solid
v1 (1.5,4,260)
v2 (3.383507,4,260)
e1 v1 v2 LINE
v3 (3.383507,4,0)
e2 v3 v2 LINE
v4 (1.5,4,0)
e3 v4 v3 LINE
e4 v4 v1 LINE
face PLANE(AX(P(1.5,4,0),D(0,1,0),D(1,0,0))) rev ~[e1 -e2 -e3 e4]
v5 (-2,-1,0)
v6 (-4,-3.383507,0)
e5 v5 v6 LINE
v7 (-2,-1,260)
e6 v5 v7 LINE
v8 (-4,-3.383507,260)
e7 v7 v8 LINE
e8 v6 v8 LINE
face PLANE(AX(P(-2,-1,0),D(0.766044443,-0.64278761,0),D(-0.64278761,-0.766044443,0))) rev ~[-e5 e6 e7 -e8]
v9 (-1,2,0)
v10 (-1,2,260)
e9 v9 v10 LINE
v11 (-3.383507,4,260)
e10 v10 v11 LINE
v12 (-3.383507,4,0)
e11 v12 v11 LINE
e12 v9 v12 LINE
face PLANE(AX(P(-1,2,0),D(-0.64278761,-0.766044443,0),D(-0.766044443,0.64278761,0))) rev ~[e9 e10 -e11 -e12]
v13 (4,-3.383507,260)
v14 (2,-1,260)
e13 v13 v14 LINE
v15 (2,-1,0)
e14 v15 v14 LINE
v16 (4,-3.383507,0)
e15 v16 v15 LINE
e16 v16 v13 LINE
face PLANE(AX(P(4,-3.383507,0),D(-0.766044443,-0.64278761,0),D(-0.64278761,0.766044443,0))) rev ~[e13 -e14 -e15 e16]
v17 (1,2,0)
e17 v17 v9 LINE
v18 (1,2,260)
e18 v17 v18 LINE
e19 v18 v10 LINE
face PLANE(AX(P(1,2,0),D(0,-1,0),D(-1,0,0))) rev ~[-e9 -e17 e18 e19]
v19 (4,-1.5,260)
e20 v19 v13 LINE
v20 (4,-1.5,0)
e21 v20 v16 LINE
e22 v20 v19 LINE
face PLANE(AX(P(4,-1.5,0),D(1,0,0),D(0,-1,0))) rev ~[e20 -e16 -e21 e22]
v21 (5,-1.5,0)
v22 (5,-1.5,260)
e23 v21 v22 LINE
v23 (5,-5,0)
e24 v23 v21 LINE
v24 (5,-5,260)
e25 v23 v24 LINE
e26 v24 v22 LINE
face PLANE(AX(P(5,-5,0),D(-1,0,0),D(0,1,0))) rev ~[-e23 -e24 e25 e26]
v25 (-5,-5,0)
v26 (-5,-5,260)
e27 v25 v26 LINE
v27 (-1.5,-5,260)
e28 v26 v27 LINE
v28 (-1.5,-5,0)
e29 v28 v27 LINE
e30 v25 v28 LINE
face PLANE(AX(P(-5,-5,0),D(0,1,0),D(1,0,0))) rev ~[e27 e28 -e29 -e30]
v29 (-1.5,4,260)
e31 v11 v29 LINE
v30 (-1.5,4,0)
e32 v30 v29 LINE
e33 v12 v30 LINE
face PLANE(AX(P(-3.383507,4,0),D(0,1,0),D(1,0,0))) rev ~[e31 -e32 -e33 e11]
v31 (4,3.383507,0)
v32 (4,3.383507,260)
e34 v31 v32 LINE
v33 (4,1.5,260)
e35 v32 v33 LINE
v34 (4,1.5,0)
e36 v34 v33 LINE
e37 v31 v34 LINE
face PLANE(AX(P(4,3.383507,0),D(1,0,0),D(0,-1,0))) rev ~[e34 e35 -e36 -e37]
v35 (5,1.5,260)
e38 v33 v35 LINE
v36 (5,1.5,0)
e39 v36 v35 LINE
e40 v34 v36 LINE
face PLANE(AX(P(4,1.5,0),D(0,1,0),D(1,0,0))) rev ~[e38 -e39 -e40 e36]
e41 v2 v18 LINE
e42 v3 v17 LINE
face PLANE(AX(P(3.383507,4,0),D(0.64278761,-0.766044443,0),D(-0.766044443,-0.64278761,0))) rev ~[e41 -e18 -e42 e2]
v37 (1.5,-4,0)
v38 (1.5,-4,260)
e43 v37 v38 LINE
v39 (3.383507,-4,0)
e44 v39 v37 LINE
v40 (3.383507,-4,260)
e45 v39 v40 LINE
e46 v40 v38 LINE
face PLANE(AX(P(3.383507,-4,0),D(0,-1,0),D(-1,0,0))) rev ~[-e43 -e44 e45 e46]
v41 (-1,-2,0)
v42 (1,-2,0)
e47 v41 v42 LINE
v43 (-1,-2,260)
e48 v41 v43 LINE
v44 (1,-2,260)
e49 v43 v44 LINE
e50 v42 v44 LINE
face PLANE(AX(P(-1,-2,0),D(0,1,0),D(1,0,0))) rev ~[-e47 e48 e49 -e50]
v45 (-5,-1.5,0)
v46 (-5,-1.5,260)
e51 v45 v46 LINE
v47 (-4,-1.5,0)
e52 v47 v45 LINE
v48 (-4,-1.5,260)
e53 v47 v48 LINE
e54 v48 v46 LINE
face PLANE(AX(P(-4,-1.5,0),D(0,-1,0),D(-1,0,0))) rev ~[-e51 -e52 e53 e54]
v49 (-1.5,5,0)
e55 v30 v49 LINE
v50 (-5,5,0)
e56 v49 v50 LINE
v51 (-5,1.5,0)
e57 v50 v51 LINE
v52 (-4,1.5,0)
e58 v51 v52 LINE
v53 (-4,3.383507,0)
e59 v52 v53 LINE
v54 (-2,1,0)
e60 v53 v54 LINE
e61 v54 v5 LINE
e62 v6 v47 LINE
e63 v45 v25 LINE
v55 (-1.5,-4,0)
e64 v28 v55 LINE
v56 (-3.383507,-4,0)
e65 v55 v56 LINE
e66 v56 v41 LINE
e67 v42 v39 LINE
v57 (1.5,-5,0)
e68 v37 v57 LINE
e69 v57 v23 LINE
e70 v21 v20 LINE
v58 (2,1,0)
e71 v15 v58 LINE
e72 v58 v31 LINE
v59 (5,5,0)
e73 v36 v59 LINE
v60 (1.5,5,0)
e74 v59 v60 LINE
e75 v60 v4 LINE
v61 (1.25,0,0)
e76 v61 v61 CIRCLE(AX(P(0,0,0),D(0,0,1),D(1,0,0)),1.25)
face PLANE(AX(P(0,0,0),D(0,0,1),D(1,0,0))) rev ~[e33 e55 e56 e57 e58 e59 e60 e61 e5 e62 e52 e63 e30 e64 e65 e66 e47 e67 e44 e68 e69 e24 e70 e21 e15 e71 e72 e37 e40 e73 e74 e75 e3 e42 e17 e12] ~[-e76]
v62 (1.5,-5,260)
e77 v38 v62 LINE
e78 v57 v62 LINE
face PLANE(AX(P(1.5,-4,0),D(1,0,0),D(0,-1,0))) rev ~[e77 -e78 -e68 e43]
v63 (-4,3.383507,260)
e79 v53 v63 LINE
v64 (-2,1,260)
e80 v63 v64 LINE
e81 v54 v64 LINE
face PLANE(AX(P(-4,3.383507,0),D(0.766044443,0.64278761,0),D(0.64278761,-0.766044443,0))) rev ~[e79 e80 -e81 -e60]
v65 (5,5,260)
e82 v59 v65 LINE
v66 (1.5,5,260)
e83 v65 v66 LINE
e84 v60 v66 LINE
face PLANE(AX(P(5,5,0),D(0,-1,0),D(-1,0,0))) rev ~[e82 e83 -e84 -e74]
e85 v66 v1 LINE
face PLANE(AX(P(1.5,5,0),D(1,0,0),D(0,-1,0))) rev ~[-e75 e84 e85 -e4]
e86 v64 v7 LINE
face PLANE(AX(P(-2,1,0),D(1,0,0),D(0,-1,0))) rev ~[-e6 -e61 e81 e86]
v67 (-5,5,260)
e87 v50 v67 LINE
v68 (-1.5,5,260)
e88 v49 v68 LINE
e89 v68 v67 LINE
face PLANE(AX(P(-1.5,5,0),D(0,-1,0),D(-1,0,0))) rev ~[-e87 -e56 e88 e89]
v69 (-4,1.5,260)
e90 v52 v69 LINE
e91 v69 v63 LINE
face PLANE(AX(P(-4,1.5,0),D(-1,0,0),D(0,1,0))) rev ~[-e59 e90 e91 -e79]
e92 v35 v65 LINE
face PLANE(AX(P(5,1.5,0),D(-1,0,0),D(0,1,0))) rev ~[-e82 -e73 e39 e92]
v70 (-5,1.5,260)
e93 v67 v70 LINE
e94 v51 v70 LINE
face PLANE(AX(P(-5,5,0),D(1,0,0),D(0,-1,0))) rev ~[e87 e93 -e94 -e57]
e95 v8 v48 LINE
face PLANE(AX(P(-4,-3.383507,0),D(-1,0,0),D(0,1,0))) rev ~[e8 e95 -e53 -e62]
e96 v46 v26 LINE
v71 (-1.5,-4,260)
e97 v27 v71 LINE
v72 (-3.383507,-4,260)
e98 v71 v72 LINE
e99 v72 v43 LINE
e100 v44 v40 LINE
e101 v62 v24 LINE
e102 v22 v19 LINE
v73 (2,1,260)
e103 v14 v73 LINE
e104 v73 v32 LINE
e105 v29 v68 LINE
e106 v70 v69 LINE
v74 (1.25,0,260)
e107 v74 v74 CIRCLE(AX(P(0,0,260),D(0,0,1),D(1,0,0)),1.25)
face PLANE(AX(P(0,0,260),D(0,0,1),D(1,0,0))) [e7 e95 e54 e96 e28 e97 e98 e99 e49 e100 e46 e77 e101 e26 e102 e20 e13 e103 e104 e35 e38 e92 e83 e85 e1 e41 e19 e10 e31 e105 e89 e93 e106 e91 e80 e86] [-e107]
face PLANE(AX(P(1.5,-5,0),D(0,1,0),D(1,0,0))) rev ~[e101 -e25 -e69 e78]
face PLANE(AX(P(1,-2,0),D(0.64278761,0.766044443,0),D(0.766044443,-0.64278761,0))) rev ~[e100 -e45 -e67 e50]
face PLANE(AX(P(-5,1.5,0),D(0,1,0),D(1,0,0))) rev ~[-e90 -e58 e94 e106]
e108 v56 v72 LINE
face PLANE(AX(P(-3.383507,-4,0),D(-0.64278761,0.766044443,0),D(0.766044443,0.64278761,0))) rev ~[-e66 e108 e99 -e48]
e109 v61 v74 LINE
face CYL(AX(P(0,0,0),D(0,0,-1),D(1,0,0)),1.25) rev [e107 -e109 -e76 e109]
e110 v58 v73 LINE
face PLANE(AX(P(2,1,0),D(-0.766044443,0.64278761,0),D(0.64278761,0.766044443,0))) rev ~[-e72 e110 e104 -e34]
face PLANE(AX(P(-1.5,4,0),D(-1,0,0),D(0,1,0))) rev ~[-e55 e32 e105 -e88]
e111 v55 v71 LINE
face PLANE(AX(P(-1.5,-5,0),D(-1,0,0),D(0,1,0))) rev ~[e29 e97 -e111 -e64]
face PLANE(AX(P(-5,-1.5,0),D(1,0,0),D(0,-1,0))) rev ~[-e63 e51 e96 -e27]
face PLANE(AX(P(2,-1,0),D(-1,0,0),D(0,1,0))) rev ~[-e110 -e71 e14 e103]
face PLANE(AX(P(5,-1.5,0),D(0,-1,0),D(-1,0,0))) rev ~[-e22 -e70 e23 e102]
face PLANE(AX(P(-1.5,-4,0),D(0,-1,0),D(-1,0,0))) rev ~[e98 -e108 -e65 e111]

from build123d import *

# Parameters (mm, degrees)
ESQUISSE2_R          = 1.25
MAIN_EXTRUSION_DEPTH = 260


with BuildPart() as part:
    # Esquisse2 → Main Extrusion (new body)
    with BuildSketch(Plane.XY):
        Polygon((-1, -2), (1, -2), (3.383507185, -4), (1.5, -4), (1.5, -5), (5, -5), (5, -1.5), (4, -1.5), (4, -3.383507185), (2, -1), (2, 1), (4, 3.383507185), (4, 1.5), (5, 1.5), (5, 5), (1.5, 5), (1.5, 4), (3.383507185, 4), (1, 2), (-1, 2), (-3.383507185, 4), (-1.5, 4), (-1.5, 5), (-5, 5), (-5, 1.5), (-4, 1.5), (-4, 3.383507185), (-2, 1), (-2, -1), (-4, -3.383507185), (-4, -1.5), (-5, -1.5), (-5, -5), (-1.5, -5), (-1.5, -4), (-3.383507185, -4), align=None)
        Circle(ESQUISSE2_R, mode=Mode.SUBTRACT)
    extrude(amount=MAIN_EXTRUSION_DEPTH)


solid = part.part
